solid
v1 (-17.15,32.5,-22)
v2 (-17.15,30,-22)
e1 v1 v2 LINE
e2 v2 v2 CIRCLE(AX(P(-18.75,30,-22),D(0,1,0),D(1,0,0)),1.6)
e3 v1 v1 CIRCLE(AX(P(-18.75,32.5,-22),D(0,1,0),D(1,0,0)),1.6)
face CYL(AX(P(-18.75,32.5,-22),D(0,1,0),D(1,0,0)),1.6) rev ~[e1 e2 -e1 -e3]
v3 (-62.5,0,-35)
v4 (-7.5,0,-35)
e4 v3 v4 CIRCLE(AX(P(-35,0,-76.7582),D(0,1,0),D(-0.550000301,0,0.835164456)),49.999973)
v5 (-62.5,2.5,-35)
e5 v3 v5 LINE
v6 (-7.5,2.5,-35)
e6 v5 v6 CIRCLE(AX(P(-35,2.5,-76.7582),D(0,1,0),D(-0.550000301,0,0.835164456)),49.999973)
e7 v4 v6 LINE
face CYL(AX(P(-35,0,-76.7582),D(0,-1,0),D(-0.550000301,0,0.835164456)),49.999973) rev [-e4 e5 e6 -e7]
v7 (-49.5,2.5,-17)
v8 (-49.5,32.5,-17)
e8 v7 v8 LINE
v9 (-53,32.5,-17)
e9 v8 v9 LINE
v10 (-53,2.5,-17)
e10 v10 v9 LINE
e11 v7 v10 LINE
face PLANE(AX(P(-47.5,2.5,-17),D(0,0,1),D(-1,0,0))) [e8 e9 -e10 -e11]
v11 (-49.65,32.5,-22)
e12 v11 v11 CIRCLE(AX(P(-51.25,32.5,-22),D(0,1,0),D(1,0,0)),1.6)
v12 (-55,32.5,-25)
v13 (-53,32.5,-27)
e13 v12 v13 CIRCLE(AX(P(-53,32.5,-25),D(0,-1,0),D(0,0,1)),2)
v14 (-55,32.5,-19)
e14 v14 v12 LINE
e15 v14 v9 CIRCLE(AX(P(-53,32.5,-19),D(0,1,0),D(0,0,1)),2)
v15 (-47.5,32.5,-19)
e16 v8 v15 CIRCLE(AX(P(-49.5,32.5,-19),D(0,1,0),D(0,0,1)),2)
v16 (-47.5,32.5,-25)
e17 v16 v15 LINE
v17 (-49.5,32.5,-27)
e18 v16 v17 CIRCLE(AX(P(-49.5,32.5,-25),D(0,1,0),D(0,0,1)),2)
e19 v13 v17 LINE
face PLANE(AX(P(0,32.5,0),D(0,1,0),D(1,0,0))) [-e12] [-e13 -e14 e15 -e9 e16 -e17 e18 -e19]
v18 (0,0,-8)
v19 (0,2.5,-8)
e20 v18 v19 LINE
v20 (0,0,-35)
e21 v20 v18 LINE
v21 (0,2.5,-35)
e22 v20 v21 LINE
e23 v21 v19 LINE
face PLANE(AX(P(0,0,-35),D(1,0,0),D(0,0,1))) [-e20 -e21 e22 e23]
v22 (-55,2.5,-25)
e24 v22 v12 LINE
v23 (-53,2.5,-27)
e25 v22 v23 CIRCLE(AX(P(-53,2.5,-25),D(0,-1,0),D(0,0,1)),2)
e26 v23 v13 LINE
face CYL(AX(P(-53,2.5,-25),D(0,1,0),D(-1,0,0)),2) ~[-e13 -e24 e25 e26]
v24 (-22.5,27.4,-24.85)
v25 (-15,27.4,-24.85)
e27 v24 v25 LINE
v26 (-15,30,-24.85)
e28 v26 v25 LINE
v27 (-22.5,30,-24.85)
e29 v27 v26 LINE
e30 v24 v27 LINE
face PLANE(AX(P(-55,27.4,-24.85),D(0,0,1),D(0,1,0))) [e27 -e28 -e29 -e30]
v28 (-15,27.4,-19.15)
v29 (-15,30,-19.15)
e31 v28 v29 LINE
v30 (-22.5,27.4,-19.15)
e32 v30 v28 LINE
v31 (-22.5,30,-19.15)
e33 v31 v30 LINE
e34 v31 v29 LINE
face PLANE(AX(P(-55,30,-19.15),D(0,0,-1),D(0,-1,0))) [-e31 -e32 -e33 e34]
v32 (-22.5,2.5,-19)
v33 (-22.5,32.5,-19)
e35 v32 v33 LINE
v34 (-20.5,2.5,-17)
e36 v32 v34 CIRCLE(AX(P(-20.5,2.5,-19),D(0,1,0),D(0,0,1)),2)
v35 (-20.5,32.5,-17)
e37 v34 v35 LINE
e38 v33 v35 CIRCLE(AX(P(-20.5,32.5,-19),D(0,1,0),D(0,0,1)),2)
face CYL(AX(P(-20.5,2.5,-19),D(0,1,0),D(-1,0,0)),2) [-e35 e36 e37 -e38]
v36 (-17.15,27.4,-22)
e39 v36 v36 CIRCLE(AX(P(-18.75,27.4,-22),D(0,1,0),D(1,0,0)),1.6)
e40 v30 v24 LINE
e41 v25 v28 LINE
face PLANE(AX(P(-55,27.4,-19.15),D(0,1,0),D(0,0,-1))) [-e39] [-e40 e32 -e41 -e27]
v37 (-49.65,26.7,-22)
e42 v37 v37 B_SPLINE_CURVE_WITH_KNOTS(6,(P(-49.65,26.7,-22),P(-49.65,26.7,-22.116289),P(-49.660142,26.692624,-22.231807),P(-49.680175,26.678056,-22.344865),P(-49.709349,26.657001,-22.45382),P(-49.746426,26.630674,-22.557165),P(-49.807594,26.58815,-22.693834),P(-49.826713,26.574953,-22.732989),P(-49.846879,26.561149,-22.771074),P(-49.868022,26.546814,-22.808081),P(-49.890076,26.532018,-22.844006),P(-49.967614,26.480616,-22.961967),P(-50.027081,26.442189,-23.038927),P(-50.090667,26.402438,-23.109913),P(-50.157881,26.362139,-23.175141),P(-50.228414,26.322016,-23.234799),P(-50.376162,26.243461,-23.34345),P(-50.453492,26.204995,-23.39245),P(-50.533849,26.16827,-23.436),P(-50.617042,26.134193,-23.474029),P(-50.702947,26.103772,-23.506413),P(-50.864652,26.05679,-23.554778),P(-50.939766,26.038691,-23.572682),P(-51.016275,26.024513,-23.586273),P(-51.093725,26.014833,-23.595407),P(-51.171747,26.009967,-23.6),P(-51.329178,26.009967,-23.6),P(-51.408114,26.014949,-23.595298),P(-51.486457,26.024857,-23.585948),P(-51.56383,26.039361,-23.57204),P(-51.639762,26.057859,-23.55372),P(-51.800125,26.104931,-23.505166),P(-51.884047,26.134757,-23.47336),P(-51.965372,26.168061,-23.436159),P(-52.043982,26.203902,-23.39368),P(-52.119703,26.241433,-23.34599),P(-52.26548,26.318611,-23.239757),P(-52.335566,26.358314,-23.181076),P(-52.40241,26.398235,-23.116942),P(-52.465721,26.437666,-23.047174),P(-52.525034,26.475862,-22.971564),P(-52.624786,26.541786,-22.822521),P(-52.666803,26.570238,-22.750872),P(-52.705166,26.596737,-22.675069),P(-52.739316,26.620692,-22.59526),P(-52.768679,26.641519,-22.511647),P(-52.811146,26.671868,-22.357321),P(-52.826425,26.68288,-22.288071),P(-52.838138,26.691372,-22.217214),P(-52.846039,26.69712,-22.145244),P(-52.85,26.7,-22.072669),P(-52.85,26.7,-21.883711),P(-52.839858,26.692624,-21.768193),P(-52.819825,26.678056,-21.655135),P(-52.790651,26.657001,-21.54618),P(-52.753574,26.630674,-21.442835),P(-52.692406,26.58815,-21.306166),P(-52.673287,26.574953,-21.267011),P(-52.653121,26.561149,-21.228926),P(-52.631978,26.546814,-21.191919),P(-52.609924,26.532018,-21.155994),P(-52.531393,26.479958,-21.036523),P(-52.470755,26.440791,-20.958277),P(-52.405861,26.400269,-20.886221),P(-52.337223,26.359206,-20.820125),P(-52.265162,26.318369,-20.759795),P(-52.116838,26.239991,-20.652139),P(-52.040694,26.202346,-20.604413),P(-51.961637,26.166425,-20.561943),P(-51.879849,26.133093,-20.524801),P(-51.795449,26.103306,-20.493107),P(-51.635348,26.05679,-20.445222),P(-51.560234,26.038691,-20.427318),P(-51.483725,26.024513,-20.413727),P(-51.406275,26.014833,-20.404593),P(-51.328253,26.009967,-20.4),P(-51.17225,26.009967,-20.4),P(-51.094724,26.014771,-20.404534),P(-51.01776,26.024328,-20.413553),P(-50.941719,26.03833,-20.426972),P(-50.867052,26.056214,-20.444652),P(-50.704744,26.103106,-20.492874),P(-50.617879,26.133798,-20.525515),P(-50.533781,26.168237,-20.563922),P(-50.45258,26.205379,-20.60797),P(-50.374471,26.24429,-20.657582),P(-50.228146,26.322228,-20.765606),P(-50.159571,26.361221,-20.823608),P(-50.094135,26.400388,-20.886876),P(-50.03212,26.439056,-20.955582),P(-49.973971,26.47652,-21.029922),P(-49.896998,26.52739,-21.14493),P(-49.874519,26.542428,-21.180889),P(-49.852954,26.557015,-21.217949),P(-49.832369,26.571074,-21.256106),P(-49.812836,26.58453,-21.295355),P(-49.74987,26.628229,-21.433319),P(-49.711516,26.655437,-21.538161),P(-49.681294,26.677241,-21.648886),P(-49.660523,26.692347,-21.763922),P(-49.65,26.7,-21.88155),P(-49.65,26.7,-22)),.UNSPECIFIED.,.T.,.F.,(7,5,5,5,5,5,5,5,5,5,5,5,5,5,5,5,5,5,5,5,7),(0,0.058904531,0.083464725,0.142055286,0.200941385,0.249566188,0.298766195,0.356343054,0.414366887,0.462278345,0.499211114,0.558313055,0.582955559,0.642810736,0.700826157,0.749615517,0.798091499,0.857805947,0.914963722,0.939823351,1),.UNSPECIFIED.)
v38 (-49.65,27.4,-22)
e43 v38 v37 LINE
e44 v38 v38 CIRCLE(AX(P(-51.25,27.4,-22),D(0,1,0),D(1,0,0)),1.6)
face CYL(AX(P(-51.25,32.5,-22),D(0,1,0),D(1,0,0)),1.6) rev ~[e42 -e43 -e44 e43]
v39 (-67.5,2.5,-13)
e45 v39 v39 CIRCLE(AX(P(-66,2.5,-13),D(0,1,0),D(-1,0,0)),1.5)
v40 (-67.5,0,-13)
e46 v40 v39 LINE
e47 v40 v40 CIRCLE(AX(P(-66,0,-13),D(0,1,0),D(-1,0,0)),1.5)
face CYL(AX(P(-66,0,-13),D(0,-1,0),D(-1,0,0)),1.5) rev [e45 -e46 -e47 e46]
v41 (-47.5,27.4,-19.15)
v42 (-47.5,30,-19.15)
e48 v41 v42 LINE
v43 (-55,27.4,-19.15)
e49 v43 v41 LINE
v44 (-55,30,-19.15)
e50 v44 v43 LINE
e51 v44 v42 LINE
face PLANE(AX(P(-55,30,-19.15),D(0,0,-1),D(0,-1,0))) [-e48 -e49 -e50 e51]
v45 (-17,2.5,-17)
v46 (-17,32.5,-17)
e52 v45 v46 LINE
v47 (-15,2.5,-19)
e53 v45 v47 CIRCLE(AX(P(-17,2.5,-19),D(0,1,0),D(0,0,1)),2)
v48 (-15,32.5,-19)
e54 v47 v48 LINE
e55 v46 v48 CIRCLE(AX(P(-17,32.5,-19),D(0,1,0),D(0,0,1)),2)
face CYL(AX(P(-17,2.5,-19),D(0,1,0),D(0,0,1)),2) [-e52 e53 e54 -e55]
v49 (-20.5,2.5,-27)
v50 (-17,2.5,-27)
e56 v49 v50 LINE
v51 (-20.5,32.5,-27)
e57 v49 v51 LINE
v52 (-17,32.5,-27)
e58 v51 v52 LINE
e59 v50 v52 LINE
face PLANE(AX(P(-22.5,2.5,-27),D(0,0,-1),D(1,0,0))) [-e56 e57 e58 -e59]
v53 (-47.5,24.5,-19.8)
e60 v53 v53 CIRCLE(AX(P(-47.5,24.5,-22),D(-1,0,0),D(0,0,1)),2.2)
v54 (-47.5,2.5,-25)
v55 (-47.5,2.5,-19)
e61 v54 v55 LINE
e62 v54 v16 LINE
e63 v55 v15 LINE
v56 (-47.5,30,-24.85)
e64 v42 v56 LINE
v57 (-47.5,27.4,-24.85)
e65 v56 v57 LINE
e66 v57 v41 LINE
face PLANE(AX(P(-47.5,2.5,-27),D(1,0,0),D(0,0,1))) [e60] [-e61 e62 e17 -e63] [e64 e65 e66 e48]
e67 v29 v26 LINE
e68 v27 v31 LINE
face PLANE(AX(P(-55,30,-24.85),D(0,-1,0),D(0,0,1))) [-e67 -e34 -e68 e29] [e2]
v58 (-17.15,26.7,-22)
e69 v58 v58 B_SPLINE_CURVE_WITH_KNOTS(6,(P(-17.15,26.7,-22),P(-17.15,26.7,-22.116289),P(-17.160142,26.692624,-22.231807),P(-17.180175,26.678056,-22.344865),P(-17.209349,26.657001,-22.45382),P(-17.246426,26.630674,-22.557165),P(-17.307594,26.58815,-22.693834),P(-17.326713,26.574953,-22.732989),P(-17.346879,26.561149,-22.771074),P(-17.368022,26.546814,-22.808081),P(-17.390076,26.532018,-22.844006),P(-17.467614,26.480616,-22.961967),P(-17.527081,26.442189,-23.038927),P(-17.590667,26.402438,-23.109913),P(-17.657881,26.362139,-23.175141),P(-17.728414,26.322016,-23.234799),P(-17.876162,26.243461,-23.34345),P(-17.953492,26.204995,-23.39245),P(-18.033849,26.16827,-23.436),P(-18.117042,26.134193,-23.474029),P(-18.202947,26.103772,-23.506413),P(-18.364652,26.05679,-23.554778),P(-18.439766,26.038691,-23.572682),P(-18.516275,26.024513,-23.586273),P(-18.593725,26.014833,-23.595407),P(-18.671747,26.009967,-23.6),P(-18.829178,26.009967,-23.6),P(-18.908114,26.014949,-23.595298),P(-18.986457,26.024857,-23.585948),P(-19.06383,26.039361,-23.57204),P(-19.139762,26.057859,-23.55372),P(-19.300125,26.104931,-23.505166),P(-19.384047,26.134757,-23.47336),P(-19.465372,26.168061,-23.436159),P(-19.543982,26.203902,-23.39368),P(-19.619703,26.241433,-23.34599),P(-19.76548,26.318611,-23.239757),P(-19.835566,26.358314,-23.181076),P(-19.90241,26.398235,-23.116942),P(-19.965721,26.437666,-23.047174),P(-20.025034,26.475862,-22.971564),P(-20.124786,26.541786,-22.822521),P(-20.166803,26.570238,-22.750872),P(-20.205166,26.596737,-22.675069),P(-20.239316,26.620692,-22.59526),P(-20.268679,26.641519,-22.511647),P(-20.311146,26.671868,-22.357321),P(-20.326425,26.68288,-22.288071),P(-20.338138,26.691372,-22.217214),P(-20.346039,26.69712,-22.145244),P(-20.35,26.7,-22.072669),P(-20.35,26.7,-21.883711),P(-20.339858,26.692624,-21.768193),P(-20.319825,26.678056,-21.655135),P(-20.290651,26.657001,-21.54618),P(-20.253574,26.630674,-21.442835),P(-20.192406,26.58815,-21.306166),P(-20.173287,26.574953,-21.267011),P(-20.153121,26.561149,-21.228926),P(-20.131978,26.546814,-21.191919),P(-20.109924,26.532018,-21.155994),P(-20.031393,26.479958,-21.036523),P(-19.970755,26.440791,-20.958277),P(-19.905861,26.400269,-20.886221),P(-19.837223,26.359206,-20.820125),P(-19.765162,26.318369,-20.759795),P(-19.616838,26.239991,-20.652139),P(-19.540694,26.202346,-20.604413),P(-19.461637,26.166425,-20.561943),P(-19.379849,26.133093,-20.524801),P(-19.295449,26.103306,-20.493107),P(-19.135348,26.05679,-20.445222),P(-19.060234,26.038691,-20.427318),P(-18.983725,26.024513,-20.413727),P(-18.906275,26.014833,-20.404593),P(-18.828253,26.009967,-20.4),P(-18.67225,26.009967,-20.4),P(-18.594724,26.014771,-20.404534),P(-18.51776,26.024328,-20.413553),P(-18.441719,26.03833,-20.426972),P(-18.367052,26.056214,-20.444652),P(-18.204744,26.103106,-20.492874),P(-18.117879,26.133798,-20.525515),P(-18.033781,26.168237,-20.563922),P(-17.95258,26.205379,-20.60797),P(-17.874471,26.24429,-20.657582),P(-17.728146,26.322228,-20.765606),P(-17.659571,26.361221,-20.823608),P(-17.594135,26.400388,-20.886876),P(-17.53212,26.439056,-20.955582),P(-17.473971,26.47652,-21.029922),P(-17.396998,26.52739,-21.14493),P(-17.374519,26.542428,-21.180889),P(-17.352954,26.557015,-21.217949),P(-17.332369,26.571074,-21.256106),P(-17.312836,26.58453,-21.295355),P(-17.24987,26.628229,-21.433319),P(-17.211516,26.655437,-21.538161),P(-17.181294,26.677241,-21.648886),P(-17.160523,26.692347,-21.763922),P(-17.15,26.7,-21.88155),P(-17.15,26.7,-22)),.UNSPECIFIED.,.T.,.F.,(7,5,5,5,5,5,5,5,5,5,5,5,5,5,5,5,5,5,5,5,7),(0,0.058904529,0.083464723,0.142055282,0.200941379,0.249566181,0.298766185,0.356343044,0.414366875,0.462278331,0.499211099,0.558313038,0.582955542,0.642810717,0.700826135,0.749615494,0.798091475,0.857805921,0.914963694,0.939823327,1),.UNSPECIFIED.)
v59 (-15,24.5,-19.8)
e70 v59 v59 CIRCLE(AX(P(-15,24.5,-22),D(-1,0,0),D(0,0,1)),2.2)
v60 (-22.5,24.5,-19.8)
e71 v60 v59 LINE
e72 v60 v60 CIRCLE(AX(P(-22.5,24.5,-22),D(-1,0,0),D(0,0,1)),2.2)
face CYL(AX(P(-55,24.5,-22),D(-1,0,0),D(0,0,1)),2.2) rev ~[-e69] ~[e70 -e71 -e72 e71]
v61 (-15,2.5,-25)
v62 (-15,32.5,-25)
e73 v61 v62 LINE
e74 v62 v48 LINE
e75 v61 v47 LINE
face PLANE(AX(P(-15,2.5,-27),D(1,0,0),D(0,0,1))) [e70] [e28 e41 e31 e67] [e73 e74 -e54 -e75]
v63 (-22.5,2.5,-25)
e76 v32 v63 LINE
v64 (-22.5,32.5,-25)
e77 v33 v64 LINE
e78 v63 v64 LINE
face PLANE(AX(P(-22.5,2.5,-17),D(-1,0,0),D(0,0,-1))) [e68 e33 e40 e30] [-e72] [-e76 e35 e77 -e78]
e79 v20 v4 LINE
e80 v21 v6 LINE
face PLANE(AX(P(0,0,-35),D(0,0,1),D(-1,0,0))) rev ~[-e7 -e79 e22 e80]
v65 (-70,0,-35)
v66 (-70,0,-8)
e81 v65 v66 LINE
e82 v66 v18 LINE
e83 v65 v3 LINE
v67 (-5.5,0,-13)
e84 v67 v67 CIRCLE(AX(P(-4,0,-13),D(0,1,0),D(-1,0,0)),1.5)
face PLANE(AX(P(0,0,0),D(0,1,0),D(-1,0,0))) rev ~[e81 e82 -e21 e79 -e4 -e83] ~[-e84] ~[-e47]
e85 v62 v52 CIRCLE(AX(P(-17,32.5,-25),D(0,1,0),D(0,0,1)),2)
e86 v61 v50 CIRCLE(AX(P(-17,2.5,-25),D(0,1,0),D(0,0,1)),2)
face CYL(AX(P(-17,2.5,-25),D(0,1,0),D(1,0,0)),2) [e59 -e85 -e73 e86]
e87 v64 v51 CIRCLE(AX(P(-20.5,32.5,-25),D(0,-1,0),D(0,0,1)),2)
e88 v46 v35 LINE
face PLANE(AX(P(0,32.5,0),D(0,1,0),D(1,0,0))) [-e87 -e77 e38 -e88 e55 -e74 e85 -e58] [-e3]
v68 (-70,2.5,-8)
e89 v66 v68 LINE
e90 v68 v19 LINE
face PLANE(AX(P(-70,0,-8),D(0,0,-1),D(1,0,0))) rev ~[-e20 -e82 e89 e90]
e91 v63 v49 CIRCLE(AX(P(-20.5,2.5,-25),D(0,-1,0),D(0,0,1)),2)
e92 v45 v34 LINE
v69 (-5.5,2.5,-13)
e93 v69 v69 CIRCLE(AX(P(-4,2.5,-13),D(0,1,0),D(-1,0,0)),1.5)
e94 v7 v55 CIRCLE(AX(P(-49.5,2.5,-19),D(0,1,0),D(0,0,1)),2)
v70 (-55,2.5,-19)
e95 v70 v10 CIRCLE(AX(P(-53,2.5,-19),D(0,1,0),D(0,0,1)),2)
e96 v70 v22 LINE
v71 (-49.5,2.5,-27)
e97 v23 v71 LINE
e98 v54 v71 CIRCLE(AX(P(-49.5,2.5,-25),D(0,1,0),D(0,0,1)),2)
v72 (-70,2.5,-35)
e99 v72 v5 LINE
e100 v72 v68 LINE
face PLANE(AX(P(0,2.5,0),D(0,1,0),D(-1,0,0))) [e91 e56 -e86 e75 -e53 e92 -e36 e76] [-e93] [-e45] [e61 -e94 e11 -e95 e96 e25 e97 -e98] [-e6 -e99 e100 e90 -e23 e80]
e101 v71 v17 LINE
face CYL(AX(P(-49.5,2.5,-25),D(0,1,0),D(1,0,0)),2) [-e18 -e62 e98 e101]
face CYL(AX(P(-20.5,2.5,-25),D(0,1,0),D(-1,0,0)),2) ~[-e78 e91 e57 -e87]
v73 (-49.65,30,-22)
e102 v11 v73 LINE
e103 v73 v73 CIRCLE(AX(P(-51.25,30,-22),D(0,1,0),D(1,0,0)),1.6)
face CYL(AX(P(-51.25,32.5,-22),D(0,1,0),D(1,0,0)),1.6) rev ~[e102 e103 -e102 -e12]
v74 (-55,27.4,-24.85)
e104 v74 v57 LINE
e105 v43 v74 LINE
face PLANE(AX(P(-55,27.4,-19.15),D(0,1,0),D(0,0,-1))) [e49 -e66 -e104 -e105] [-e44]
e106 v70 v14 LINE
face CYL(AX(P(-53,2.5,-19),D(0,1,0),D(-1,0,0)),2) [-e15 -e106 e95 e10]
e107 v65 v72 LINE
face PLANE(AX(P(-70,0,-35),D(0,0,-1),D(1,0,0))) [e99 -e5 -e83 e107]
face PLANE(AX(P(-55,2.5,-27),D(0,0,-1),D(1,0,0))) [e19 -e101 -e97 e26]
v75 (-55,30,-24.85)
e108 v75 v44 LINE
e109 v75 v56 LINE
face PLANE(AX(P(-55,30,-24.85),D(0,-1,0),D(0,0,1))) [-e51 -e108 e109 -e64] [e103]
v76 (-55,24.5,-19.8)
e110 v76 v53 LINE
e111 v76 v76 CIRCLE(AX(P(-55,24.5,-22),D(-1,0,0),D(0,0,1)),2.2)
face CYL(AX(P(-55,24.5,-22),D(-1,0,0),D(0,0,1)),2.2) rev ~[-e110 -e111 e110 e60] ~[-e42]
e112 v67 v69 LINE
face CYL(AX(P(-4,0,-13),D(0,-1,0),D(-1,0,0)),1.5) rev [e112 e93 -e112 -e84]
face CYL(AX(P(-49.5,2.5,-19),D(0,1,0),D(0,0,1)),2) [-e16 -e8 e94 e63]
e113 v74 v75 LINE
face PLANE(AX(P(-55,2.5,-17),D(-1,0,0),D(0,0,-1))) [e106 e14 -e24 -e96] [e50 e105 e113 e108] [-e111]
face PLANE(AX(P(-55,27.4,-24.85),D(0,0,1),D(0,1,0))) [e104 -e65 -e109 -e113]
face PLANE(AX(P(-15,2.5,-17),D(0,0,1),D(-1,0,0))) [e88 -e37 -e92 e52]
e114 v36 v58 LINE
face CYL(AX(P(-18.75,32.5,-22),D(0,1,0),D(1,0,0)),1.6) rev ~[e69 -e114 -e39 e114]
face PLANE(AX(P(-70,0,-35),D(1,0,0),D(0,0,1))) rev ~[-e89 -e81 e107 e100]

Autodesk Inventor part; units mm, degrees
ref_plane "YZ Plane" through (0, 0, 0) normal (1, 0, 0) x (0, 1, 0)
ref_plane "XZ Plane" through (0, 0, 0) normal (0, 1, 0) x (-1, 0, 0)
ref_plane "XY Plane" through (0, 0, 0) normal (0, 0, 1) x (1, 0, 0)
sketch "Эскиз1" plane through (0, 0, 0) normal (0, 1, 0) x (-1, 0, 0)
  line L0 (70, -35) -> (62.5, -35)
  line L1 (0, -35) -> (7.5, -35)
  circle A0 centre (66, -13) radius 1.5
  circle A1 centre (4, -13) radius 1.5
  line L2 (70, -8) -> (0, -8)
  line L3 (70, -35) -> (70, -8)
  line L4 (0, -35) -> (0, -8)
  arc A2 (62.5, -35) -> (7.5, -35) centre (35, -76.7582) ccw
  point P0 (0, 0)
  dimension "d4" = 7.5
  dimension "d5" = 7.5
  dimension "d7" = 3
  dimension "d8" = 3
  dimension "d12" = 62
  dimension "d13" = 13
  dimension "d46" = 5
  dimension "d48" = 50
extrude "Выдавливание1" add sketch "Эскиз1" along normal blind 2.5
sketch "Эскиз2" plane through (0, 2.5, 0) normal (0, 1, 0) x (1, 0, 0)
  line L0 (-55, 27) -> (-47.5, 27)
  line L1 (-47.5, 27) -> (-47.5, 17)
  line L2 (-47.5, 17) -> (-55, 17)
  line L3 (-55, 17) -> (-55, 27)
  line L4 (-22.5, 27) -> (-15, 27)
  line L5 (-15, 27) -> (-15, 17)
  line L6 (-15, 17) -> (-22.5, 17)
  line L7 (-22.5, 17) -> (-22.5, 27)
  line L8 (-70, 35) -> (-70, 8) projected
  line L9 (0, 8) -> (0, 35) projected
  point P0 (0, 0)
  point P1 (-60, 0)
  point P2 (-15, 22)
  dimension "d17" = 7.5
  dimension "d18" = 10
  dimension "d19" = 7.5
  dimension "d20" = 10
  dimension "d23" = 17
  dimension "d24" = 17
  dimension "d49" = 15
  dimension "d50" = 15
extrude "Выдавливание2" add sketch "Эскиз2" along normal blind 30
sketch "Эскиз3" plane through (-55, 2.5, -27) normal (-1, 0, 0) x (0, 0, 1)
  line L0 (2.15, 27.5) -> (7.85, 27.5)
  line L1 (7.85, 27.5) -> (7.85, 24.9)
  line L2 (7.85, 24.9) -> (2.15, 24.9)
  line L3 (2.15, 24.9) -> (2.15, 27.5)
  line L4 (10, 0) -> (10, 30) projected
  line L5 (0, 30) -> (10, 30) projected
  circle A0 centre (5, 22) radius 2.2
  point P0 (27, -2.5)
  dimension "d27" = 5.7
  dimension "d28" = 2.15
  dimension "d29" = 2.6
  dimension "d30" = 2.5
  dimension "d31" = 4.4
  dimension "d32" = 8
  dimension "d44" = 5
extrude "Выдавливание3" cut sketch "Эскиз3" against normal blind 41
sketch "Эскиз4" plane through (0, 32.5, 0) normal (0, 1, 0) x (1, 0, 0)
  circle A0 centre (-18.75, 22) radius 1.6
  circle A1 centre (-51.25, 22) radius 1.6
  line L0 (-22.5, 27) -> (-22.5, 17) projected
  line L1 (-22.5, 17) -> (-15, 17) projected
  line L2 (-55, 17) -> (-47.5, 17) projected
  line L3 (-55, 27) -> (-55, 17) projected
  point P0 (0, 0)
  point P1 (-18.75, 17)
  dimension "d35" = 3.2
  dimension "d36" = 3.2
  dimension "d37" = 3.75
  dimension "d38" = 5
  dimension "d39" = 5
  dimension "d40" = 3.75
extrude "Выдавливание4" cut sketch "Эскиз4" against normal blind 8
fillet "Сопряжение2" radius 2 8 edges at (-15, 17.5, -27) (-15, 17.5, -17) (-22.5, 17.5, -27) (-22.5, 17.5, -17) (-55, 17.5, -27) (-47.5, 17.5, -27) (-55, 17.5, -17) (-47.5, 17.5, -17)
properties part number "kreplenie_dribler_V2"
